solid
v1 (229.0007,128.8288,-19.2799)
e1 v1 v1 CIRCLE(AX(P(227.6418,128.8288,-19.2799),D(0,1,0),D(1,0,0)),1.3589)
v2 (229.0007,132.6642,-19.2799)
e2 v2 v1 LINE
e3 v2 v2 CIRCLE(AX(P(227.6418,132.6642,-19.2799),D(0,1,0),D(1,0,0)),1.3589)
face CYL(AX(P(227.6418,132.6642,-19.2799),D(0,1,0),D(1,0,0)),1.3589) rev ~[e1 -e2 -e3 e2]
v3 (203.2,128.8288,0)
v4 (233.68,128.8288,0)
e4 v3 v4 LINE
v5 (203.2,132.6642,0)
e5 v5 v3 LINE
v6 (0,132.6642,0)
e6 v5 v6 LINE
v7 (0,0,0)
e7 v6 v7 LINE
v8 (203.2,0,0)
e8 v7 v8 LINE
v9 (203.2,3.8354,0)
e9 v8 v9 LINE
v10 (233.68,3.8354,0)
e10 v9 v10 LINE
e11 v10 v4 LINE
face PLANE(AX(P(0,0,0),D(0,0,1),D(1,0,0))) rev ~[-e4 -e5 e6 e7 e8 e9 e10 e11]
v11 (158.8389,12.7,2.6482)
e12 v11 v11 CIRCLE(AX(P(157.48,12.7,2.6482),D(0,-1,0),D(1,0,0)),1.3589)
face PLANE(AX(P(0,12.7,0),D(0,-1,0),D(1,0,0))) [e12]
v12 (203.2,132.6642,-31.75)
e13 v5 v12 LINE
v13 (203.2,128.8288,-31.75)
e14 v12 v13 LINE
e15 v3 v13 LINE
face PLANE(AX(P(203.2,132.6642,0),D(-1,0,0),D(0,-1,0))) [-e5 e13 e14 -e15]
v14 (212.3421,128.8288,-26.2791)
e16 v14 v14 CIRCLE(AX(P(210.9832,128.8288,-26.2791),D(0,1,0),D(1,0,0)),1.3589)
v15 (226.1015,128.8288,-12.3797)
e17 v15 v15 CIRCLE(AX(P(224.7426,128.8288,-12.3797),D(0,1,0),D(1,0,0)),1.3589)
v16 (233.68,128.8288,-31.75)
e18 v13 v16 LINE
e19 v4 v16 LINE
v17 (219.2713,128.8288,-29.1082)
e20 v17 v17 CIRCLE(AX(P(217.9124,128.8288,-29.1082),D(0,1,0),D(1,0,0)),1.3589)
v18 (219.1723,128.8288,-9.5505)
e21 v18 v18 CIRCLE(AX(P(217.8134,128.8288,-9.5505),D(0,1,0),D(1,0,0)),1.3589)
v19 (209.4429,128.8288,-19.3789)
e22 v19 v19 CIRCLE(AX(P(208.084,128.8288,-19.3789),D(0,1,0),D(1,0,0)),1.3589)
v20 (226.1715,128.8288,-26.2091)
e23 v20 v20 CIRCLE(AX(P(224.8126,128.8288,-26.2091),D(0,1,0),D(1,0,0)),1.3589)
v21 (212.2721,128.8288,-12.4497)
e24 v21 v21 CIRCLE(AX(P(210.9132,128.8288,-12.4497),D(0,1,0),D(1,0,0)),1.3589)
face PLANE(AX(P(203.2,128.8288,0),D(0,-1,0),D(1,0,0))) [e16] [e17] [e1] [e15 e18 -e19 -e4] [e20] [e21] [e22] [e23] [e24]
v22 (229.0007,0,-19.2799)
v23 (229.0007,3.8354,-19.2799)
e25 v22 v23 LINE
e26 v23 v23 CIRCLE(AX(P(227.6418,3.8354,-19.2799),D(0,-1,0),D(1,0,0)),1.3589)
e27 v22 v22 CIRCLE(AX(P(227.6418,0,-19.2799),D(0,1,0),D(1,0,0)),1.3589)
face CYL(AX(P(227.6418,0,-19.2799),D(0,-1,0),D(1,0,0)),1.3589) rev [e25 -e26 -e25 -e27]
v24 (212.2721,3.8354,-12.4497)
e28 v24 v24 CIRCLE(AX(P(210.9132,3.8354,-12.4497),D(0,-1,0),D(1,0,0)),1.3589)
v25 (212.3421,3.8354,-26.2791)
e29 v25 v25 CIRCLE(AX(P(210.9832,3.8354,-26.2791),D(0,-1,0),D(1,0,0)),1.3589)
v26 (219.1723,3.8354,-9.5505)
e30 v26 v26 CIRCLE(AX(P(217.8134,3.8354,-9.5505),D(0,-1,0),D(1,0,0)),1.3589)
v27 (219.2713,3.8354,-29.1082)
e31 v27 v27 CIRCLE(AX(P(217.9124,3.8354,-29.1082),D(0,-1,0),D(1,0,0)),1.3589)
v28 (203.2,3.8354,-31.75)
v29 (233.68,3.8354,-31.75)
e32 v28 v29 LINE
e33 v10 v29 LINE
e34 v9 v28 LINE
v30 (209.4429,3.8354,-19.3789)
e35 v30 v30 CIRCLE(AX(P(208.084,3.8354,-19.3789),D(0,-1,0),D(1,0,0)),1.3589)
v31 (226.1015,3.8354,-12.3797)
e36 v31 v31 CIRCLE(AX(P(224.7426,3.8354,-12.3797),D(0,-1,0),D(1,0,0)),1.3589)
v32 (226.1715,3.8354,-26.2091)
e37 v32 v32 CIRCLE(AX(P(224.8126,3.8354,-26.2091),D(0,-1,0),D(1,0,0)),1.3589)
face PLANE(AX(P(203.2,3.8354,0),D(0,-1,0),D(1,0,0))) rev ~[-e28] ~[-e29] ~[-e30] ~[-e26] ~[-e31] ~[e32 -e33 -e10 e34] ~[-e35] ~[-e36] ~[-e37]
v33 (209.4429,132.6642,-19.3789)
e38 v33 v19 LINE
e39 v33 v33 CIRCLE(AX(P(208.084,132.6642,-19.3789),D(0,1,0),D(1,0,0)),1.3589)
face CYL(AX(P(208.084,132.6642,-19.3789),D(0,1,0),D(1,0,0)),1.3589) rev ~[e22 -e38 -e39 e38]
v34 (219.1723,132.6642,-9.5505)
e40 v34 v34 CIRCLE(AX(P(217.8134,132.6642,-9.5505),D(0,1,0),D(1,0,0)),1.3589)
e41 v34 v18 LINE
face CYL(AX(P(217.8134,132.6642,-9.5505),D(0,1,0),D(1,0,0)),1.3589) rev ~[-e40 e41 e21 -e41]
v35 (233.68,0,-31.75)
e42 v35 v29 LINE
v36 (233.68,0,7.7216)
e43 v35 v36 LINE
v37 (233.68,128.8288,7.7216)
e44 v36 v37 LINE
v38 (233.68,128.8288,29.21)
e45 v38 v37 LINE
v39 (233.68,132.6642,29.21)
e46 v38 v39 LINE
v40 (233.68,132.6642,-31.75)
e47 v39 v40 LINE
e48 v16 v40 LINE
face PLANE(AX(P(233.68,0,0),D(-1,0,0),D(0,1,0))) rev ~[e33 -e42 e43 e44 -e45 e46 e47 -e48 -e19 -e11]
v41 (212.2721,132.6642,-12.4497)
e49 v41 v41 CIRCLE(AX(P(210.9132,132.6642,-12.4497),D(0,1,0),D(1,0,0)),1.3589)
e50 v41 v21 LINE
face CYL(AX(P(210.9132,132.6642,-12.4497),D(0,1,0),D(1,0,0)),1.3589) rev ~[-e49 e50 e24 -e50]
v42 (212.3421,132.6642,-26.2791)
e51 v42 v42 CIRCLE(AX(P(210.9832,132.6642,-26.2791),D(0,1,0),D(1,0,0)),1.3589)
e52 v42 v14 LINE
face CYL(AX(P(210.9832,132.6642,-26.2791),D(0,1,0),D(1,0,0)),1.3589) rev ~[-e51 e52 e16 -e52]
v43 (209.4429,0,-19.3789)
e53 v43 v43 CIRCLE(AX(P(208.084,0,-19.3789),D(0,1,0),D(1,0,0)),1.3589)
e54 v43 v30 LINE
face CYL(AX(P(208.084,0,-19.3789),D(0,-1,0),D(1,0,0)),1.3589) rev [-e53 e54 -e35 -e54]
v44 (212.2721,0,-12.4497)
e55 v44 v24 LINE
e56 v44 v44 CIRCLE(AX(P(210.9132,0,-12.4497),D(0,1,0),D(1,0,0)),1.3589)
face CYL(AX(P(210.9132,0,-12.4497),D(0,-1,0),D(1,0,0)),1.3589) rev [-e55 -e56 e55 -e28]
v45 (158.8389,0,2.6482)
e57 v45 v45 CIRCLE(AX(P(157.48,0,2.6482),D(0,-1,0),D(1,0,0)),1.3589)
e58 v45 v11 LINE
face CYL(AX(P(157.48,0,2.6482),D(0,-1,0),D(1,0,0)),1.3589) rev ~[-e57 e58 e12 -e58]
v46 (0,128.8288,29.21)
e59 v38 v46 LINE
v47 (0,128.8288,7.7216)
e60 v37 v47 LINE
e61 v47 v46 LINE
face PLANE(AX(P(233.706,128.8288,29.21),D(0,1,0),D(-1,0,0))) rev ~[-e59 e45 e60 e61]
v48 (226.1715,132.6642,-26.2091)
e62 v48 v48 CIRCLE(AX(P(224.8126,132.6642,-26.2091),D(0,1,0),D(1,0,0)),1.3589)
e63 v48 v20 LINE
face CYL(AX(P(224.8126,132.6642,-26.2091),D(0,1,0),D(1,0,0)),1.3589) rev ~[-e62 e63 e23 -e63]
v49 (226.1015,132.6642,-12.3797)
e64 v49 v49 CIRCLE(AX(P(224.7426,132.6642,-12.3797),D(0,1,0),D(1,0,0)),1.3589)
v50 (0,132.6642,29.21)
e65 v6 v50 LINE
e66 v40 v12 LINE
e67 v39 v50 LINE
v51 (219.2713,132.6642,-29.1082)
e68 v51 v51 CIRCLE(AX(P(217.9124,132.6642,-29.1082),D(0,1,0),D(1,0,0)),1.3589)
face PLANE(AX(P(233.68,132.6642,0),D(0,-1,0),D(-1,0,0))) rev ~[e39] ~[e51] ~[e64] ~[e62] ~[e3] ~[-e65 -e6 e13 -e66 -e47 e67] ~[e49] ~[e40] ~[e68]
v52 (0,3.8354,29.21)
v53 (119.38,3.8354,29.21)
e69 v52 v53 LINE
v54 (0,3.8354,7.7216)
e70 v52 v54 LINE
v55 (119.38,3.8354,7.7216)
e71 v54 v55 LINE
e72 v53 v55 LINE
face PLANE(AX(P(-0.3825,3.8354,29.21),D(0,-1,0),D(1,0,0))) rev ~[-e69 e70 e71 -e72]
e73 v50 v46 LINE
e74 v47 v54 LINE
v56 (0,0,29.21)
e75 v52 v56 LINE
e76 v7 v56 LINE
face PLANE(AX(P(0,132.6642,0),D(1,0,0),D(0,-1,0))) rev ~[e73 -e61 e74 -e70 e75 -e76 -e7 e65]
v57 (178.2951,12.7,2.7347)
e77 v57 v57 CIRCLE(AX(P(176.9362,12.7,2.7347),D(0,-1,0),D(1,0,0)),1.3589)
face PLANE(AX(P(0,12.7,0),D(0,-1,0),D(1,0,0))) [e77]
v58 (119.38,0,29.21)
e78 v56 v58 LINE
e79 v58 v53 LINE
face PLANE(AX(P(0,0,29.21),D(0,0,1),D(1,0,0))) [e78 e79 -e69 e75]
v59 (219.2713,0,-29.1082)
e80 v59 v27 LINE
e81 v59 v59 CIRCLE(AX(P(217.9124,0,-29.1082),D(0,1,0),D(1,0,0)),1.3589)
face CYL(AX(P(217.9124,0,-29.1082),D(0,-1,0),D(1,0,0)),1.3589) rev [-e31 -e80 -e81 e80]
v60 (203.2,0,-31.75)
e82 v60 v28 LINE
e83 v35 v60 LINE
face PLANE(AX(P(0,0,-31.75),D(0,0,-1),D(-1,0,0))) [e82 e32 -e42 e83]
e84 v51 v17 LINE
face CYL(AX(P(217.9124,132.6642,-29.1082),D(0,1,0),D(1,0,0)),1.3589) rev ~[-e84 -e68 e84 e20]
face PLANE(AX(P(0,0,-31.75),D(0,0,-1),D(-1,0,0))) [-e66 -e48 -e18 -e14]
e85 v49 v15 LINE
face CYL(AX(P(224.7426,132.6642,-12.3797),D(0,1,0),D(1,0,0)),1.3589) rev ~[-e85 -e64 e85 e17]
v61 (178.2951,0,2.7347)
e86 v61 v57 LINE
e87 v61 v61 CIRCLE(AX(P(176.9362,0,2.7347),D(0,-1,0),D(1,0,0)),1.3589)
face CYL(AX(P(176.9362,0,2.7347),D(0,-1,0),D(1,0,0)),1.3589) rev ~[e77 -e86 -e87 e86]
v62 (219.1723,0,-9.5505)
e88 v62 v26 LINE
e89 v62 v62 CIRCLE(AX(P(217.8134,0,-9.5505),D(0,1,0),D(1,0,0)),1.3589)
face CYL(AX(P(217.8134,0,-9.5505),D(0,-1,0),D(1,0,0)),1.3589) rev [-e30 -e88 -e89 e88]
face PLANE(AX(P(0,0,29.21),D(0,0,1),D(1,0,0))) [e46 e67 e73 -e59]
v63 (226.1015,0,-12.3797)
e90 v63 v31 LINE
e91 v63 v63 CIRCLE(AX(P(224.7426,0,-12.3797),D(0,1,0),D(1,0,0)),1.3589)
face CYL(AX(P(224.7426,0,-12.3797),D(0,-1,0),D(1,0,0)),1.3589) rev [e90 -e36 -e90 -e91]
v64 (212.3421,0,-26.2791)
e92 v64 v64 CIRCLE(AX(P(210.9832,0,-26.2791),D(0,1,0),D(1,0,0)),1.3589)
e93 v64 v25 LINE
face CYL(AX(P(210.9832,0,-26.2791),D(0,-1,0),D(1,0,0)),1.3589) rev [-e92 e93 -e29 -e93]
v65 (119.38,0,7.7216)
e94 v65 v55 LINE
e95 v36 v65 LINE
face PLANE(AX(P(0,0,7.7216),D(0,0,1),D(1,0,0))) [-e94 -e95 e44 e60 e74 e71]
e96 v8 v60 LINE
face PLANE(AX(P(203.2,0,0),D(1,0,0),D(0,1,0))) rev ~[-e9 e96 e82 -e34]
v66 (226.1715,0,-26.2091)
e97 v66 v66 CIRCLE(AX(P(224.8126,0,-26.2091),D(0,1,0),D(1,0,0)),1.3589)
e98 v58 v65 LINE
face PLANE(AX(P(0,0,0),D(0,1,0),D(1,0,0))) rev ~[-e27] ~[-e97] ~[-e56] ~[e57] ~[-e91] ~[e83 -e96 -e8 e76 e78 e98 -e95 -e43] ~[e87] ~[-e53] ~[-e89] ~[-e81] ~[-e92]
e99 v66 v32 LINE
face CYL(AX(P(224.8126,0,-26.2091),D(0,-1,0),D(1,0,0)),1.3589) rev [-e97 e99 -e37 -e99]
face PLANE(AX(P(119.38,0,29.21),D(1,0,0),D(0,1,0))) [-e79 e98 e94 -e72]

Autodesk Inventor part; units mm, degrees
ref_plane "YZ Plane" through (0, 0, 0) normal (1, 0, 0) x (0, 1, 0)
ref_plane "XZ Plane" through (0, 0, 0) normal (0, 1, 0) x (-1, 0, 0)
sketch "Sketch1" plane through (0, 0, 0) normal (0, 0, 1) x (1, 0, 0)
  line L0 (0, 0) -> (233.68, 0)
  line L1 (233.68, 0) -> (233.68, 132.6642)
  line L2 (233.68, 132.6642) -> (0, 132.6642)
  line L3 (0, 132.6642) -> (0, 0)
  dimension "d0" = 132.6642
  dimension "d1" = 233.68
extrude "Extrusion1" add sketch "Sketch1" along normal blind 29.21
sketch "Sketch2" plane through (0, 0, 29.21) normal (0, 0, 1) x (1, 0, 0)
  line L0 (-0.3825, 3.8354) -> (233.706, 3.8354)
  line L1 (233.706, 3.8354) -> (233.706, 128.8288)
  line L2 (233.706, 128.8288) -> (-0.3825, 128.8288)
  line L3 (-0.3825, 128.8288) -> (-0.3825, 3.8354)
  line L4 (233.68, 132.6642) -> (0, 132.6642) projected
  line L5 (0, 0) -> (233.68, 0) projected
  dimension "d4" = 3.8354
  dimension "d5" = 3.8354
extrude "Extrusion2" cut sketch "Sketch2" against normal blind 21.4884
sketch "Sketch3" plane through (0, 0, 29.21) normal (0, 0, 1) x (1, 0, 0)
  line L0 (233.68, 0) -> (119.38, 0)
  line L1 (119.38, 0) -> (119.38, 3.8354)
  line L2 (119.38, 3.8354) -> (233.68, 3.8354)
  line L3 (233.68, 3.8354) -> (233.68, 0)
  point P0 (0, 0)
  dimension "d8" = 114.3
  dimension "d9" = 3.8354
extrude "Extrusion3" cut sketch "Sketch3" against normal blind 21.4884
sketch "Sketch4" plane through (0, 0, 0) normal (0, 0, -1) x (-1, 0, 0)
  line L0 (-233.68, 0) -> (-233.68, 132.6642) projected
  line L1 (-233.68, 132.6642) -> (-203.2, 132.6642)
  line L2 (-203.2, 132.6642) -> (-203.2, 128.8288)
  line L3 (-203.2, 128.8288) -> (-233.68, 128.8288)
  line L4 (-233.68, 128.8288) -> (-233.68, 132.6642)
  line L5 (-233.68, 0) -> (-203.2, 0)
  line L6 (-203.2, 0) -> (-203.2, 3.8354)
  line L7 (-203.2, 3.8354) -> (-233.68, 3.8354)
  line L8 (-233.68, 3.8354) -> (-233.68, 0)
  point P0 (0, 0)
  dimension "d12" = 3.8354
  dimension "d13" = 30.48
  dimension "d14" = 3.8354
  dimension "d15" = 30.48
extrude "Extrusion4" add sketch "Sketch4" along normal blind 31.75
sketch "Sketch7" plane through (0, 132.6642, 29.21) normal (0, 1, 0) x (1, 0, 0)
  circle A0 centre (217.8629, 48.5394) radius 2.54
  circle A1 centre (217.8134, 38.7605) radius 1.3589
  circle A2 centre (224.7426, 41.5897) radius 1.3589
  circle A3 centre (227.6418, 48.4899) radius 1.3589
  circle A4 centre (224.8126, 55.4191) radius 1.3589
  circle A5 centre (217.9124, 58.3182) radius 1.3589
  circle A6 centre (210.9832, 55.4891) radius 1.3589
  circle A7 centre (208.084, 48.5889) radius 1.3589
  circle A8 centre (210.9132, 41.6597) radius 1.3589
  point P0 (0, 29.21)
  dimension "d39" = 5.08
  dimension "d40" = 2.7178
  dimension "d41" = 9.779
  dimension "d44" = 360
extrude "Extrusion7" cut sketch "Sketch7" against normal blind 12.7 contours A1 | A2 | A3 | A4 | A5 | A6 | A7 | A8
ref_plane "Work Plane1" through (0, 66.3321, 0) normal (0, -1, 0) x (1, 0, 0)
mirror "Mirror2" about plane through (0, 66.3321, 0) normal (0, -1, 0) of "Extrusion7"
sketch "Sketch9" plane through (0, 0, 0) normal (0, -1, 0) x (1, 0, 0)
  circle A0 centre (157.48, 2.6482) radius 1.3589
  circle A1 centre (176.9362, 2.7347) radius 1.3589
  line L0 (119.38, 7.7216) -> (119.38, 29.21) projected
  point P0 (0, 0)
  dimension "d57" = 2.7178
  dimension "d58" = 19.4564
  dimension "d59" = 2.7178
  dimension "d60" = 38.1
extrude "Extrusion9" cut sketch "Sketch9" against normal blind 12.7
properties part number "Guide"
